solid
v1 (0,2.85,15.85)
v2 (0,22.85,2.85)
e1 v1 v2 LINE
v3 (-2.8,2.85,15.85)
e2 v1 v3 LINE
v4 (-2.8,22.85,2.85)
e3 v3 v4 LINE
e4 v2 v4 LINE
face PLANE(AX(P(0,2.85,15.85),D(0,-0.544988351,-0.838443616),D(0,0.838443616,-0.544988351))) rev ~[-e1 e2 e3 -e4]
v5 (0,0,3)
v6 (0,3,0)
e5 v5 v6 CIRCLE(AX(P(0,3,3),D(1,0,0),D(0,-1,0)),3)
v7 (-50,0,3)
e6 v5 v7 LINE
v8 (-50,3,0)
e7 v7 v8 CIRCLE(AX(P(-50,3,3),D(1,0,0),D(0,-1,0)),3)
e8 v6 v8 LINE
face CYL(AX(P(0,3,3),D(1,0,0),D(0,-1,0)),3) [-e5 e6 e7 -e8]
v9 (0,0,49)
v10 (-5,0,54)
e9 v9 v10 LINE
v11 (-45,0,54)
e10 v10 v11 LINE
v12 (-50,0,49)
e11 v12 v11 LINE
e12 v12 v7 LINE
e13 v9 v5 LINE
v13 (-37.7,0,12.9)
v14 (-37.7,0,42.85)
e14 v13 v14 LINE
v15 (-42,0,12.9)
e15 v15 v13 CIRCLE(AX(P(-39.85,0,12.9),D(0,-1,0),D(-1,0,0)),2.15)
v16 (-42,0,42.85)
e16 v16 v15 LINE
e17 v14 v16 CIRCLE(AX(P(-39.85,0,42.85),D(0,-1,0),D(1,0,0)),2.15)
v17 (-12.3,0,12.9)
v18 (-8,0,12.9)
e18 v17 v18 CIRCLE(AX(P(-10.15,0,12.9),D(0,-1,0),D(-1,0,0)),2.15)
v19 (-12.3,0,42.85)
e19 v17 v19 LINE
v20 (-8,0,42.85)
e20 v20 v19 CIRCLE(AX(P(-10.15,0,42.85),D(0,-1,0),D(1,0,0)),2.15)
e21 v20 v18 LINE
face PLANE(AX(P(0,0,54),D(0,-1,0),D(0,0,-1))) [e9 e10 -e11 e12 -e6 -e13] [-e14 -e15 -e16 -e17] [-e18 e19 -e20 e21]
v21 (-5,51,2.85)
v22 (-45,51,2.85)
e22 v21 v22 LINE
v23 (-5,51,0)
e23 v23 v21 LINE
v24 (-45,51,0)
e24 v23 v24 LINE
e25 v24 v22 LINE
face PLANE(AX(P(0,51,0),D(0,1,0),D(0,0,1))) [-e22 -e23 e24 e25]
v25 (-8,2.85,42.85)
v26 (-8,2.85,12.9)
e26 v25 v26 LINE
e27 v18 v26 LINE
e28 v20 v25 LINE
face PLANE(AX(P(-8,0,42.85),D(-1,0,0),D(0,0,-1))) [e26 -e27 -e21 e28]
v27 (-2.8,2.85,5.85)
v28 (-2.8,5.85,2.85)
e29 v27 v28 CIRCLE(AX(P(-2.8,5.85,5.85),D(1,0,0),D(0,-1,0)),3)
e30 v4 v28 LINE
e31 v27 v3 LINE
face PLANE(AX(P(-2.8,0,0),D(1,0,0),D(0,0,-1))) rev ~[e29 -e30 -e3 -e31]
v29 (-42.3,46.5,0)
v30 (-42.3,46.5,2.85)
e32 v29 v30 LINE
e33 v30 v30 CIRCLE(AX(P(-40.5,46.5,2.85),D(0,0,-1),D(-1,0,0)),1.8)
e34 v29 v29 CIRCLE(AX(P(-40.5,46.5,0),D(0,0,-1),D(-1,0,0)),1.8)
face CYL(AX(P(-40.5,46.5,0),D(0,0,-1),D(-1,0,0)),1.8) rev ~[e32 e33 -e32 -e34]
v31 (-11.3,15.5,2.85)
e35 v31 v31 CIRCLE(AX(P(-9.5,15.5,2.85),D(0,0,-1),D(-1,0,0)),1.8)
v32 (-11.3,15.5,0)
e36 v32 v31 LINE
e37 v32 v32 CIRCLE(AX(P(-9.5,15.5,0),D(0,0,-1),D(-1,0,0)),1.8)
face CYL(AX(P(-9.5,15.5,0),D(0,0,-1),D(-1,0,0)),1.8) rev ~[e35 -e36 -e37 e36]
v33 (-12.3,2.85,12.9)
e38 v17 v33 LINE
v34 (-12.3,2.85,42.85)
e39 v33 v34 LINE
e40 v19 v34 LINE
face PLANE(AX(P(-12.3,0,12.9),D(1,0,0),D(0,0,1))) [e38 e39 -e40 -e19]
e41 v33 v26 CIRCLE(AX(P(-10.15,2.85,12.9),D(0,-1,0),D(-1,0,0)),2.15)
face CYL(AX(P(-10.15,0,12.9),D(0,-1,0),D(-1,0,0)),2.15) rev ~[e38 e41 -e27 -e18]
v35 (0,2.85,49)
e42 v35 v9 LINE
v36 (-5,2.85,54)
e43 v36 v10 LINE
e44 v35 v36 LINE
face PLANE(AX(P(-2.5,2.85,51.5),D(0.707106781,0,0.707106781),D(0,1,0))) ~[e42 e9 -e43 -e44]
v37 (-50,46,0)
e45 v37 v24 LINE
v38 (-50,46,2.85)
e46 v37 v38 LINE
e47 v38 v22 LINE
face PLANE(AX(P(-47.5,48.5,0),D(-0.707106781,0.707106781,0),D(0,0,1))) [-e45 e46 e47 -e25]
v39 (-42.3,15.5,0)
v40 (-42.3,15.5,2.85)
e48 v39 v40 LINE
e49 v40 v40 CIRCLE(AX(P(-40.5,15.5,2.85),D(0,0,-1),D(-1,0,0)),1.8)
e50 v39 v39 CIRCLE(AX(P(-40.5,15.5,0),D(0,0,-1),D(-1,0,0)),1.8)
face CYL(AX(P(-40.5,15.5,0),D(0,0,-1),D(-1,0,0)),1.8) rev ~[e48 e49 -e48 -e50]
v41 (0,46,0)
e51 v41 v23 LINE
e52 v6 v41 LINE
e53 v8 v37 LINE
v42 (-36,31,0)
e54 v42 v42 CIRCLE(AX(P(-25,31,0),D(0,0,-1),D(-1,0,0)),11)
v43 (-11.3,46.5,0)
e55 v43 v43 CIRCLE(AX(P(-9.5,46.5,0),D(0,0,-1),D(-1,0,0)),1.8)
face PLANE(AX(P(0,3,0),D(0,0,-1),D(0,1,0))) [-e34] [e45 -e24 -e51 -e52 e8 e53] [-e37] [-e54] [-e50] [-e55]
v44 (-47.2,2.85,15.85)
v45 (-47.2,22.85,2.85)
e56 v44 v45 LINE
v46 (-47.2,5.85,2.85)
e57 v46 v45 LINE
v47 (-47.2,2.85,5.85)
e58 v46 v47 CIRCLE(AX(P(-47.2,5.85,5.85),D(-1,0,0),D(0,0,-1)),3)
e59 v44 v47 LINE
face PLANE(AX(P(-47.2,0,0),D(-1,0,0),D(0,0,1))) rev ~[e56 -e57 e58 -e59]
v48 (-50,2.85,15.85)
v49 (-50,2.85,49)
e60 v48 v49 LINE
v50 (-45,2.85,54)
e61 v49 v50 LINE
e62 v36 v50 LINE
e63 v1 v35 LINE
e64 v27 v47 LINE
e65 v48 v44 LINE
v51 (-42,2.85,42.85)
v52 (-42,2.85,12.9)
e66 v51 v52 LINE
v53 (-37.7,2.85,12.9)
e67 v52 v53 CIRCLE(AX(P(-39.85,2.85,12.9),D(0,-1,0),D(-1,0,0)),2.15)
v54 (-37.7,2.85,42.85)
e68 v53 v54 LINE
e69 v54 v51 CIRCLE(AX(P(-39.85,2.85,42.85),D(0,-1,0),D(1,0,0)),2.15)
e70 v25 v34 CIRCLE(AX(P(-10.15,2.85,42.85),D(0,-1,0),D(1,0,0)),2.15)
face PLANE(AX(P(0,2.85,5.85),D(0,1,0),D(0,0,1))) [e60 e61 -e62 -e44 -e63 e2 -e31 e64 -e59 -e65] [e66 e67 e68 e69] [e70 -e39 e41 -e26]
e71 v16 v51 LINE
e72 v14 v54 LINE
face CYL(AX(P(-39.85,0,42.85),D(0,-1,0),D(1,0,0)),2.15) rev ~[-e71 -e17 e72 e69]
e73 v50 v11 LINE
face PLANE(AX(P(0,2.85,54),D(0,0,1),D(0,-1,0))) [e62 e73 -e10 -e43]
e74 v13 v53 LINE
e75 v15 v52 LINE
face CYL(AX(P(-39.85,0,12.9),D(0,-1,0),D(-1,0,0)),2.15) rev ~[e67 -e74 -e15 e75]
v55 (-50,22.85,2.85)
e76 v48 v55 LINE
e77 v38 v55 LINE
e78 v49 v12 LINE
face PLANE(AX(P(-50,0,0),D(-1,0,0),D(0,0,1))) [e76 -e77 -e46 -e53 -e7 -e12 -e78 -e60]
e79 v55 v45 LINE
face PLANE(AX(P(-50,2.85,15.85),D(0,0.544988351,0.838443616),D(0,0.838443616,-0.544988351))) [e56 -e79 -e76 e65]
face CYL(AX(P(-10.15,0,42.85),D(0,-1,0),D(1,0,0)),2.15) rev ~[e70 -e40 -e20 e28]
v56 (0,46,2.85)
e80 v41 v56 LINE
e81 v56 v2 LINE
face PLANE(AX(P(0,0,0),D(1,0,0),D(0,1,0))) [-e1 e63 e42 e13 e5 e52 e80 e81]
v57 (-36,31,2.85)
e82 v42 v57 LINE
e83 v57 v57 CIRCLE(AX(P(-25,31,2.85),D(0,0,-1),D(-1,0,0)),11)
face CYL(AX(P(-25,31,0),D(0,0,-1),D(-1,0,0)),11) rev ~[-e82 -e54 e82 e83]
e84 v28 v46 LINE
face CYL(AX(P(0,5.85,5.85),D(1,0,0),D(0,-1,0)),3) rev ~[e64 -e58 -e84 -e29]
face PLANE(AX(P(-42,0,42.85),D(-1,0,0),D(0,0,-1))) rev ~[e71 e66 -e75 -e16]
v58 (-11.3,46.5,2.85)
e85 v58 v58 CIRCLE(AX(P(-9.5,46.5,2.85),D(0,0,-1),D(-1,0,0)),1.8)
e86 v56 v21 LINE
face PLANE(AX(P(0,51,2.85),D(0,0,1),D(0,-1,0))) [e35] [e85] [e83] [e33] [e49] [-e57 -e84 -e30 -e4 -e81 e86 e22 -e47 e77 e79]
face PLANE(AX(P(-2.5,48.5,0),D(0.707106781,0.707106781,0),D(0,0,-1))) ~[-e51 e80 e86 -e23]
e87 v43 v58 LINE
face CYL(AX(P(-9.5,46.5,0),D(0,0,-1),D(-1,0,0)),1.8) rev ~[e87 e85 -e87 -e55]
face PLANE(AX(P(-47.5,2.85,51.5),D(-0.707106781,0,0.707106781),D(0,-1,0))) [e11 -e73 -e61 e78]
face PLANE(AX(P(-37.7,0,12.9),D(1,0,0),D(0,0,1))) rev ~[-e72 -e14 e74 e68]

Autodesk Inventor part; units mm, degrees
ref_plane "YZ Plane" through (0, 0, 0) normal (1, 0, 0) x (0, 1, 0)
ref_plane "XZ Plane" through (0, 0, 0) normal (0, 1, 0) x (-1, 0, 0)
ref_plane "XY Plane" through (0, 0, 0) normal (0, 0, 1) x (1, 0, 0)
sketch "Sketch1" plane through (0, 0, 0) normal (1, 0, 0) x (0, 1, 0)
  line L0 (3, 0) -> (51, 0)
  line L1 (51, 0) -> (51, 2.85)
  line L2 (51, 2.85) -> (5.85, 2.85)
  line L3 (2.85, 5.85) -> (2.85, 54)
  line L4 (2.85, 54) -> (0, 54)
  line L5 (0, 54) -> (0, 3)
  arc A0 (0, 3) -> (3, 0) centre (3, 3) ccw
  arc A1 (2.85, 5.85) -> (5.85, 2.85) centre (5.85, 5.85) ccw
  point P0 (0, 0)
  dimension "d0" = 51
  dimension "d1" = 2.85
  dimension "d2" = 2.85
  dimension "d3" = 54
  dimension "d4" = 3
extrude "Extrusion1" add sketch "Sketch1" against normal blind 50
sketch "Sketch2" plane through (0, 0, 0) normal (1, 0, 0) x (0, 0, -1)
  line L0 (-54, 2.85) -> (-54, 0) projected
  line L1 (-54, 0) -> (-3, 0) projected
  arc A0 (-3, 0) -> (0, 3) centre (-3, 3) ccw projected
  line L2 (0, 3) -> (0, 51) projected
  line L3 (0, 51) -> (-2.85, 51) projected
  line L4 (-2.85, 51) -> (-2.85, 5.85) projected
  arc A1 (-5.85, 2.85) -> (-2.85, 5.85) centre (-5.85, 5.85) ccw projected
  line L5 (-5.85, 2.85) -> (-54, 2.85) projected
  line L6 (-5.85, 2.85) -> (-54, 2.85) projected
  line L7 (-15.85, 2.85) -> (-2.85, 22.85)
  line L8 (-2.85, 51) -> (-2.85, 5.85) projected
  point P0 (0, 0)
  point P1 (-2.85, 22.85)
  dimension "d7" = 20
  dimension "d8" = 13
extrude "Extrusion2" add sketch "Sketch2" against normal blind 2.8 contours L7 L4 A1 L5
sketch "Sketch3" plane through (-50, 0, 0) normal (-1, 0, 0) x (0, 0, 1)
  line L0 (2.85, 5.85) -> (2.85, 22.85) projected
  arc A0 (2.85, 5.85) -> (5.85, 2.85) centre (5.85, 5.85) ccw projected
  line L1 (15.85, 2.85) -> (5.85, 2.85) projected
  line L2 (15.85, 2.85) -> (2.85, 22.85) projected
  point P0 (0, 0)
extrude "Extrusion3" add sketch "Sketch3" against normal blind 2.8
sketch "Sketch4" plane through (0, 3, 0) normal (0, 0, -1) x (-1, 0, 0)
  line L0 (0, 48) -> (50, 48) construction
  line L1 (25, 48) -> (25, -3) construction
  line L2 (0, -3) -> (50, -3) construction
  line L3 (0, 48) -> (0, 19.85) construction
  line L4 (0, 28) -> (50, 28) construction
  line L5 (50, 48) -> (50, 0) construction
  circle A0 centre (25, 28) radius 11
  line L6 (9.5, 43.5) -> (40.5, 43.5) construction
  line L7 (40.5, 43.5) -> (40.5, 12.5) construction
  line L8 (40.5, 12.5) -> (9.5, 12.5) construction
  line L9 (9.5, 12.5) -> (9.5, 43.5) construction
  circle A1 centre (9.5, 43.5) radius 1.8
  circle A2 centre (40.5, 43.5) radius 1.8
  circle A3 centre (40.5, 12.5) radius 1.8
  circle A4 centre (9.5, 12.5) radius 1.8
  dimension "d13" = 20
  dimension "d14" = 22
  dimension "d15" = 31
  dimension "d16" = 31
  dimension "d17" = 3.6
  dimension "d18" = 3.6
  dimension "d19" = 3.6
  dimension "d20" = 3.6
  dimension "d21" = 15.5
  dimension "d22" = 15.5
extrude "Extrusion4" cut sketch "Sketch4" against normal up to next
sketch "Sketch5" plane through (0, 0, 3) normal (0, -1, 0) x (1, 0, 0)
  line L0 (0, 51) -> (-50, 51) construction
  line L1 (-38.7, -3) -> (-42.3, -3) construction
  line L2 (-39.85, 51) -> (-39.85, -3.09) construction
  line L3 (0, -3) -> (-50, -3) construction
  line L4 (-50, 0) -> (-50, 51) construction
  line L5 (-25, 51) -> (-25, -3) construction
  line L6 (-39.85, 42) -> (-39.85, 7.75) construction
  line L7 (-42, 39.85) -> (-42, 9.9)
  line L8 (-37.7, 9.9) -> (-37.7, 39.85)
  arc A0 (-37.7, 39.85) -> (-42, 39.85) centre (-39.85, 39.85) ccw
  arc A1 (-42, 9.9) -> (-37.7, 9.9) centre (-39.85, 9.9) ccw
  line L9 (-10.15, 42) -> (-10.15, 7.75) construction
  line L10 (-8, 39.85) -> (-8, 9.9)
  line L11 (-12.3, 9.9) -> (-12.3, 39.85)
  arc A2 (-8, 39.85) -> (-12.3, 39.85) centre (-10.15, 39.85) ccw
  arc A3 (-12.3, 9.9) -> (-8, 9.9) centre (-10.15, 9.9) ccw
  point P0 (-39.85, 24.875)
  point P1 (-10.15, 24.875)
  dimension "d25" = 10.15
  dimension "d26" = 34.25
  dimension "d27" = 4.3
  dimension "d28" = 9
extrude "Extrusion5" cut sketch "Sketch5" against normal up to next
chamfer "Chamfer1" distance 5 angle 45 4 edges at (0, 1.425, 54) (-50, 1.425, 54) (-50, 51, 1.425) (0, 51, 1.425)
equation "\"d2\" = d1"
equation "\"d18\" = d17"
equation "\"d19\" = d17"
equation "\"d20\" = d17"
equation "\"d21\" = 0.5 * d15"
equation "\"d22\" = 0.5 * d16"
properties part number "Nema 17 Stepper Motor Mounting Bracket"
